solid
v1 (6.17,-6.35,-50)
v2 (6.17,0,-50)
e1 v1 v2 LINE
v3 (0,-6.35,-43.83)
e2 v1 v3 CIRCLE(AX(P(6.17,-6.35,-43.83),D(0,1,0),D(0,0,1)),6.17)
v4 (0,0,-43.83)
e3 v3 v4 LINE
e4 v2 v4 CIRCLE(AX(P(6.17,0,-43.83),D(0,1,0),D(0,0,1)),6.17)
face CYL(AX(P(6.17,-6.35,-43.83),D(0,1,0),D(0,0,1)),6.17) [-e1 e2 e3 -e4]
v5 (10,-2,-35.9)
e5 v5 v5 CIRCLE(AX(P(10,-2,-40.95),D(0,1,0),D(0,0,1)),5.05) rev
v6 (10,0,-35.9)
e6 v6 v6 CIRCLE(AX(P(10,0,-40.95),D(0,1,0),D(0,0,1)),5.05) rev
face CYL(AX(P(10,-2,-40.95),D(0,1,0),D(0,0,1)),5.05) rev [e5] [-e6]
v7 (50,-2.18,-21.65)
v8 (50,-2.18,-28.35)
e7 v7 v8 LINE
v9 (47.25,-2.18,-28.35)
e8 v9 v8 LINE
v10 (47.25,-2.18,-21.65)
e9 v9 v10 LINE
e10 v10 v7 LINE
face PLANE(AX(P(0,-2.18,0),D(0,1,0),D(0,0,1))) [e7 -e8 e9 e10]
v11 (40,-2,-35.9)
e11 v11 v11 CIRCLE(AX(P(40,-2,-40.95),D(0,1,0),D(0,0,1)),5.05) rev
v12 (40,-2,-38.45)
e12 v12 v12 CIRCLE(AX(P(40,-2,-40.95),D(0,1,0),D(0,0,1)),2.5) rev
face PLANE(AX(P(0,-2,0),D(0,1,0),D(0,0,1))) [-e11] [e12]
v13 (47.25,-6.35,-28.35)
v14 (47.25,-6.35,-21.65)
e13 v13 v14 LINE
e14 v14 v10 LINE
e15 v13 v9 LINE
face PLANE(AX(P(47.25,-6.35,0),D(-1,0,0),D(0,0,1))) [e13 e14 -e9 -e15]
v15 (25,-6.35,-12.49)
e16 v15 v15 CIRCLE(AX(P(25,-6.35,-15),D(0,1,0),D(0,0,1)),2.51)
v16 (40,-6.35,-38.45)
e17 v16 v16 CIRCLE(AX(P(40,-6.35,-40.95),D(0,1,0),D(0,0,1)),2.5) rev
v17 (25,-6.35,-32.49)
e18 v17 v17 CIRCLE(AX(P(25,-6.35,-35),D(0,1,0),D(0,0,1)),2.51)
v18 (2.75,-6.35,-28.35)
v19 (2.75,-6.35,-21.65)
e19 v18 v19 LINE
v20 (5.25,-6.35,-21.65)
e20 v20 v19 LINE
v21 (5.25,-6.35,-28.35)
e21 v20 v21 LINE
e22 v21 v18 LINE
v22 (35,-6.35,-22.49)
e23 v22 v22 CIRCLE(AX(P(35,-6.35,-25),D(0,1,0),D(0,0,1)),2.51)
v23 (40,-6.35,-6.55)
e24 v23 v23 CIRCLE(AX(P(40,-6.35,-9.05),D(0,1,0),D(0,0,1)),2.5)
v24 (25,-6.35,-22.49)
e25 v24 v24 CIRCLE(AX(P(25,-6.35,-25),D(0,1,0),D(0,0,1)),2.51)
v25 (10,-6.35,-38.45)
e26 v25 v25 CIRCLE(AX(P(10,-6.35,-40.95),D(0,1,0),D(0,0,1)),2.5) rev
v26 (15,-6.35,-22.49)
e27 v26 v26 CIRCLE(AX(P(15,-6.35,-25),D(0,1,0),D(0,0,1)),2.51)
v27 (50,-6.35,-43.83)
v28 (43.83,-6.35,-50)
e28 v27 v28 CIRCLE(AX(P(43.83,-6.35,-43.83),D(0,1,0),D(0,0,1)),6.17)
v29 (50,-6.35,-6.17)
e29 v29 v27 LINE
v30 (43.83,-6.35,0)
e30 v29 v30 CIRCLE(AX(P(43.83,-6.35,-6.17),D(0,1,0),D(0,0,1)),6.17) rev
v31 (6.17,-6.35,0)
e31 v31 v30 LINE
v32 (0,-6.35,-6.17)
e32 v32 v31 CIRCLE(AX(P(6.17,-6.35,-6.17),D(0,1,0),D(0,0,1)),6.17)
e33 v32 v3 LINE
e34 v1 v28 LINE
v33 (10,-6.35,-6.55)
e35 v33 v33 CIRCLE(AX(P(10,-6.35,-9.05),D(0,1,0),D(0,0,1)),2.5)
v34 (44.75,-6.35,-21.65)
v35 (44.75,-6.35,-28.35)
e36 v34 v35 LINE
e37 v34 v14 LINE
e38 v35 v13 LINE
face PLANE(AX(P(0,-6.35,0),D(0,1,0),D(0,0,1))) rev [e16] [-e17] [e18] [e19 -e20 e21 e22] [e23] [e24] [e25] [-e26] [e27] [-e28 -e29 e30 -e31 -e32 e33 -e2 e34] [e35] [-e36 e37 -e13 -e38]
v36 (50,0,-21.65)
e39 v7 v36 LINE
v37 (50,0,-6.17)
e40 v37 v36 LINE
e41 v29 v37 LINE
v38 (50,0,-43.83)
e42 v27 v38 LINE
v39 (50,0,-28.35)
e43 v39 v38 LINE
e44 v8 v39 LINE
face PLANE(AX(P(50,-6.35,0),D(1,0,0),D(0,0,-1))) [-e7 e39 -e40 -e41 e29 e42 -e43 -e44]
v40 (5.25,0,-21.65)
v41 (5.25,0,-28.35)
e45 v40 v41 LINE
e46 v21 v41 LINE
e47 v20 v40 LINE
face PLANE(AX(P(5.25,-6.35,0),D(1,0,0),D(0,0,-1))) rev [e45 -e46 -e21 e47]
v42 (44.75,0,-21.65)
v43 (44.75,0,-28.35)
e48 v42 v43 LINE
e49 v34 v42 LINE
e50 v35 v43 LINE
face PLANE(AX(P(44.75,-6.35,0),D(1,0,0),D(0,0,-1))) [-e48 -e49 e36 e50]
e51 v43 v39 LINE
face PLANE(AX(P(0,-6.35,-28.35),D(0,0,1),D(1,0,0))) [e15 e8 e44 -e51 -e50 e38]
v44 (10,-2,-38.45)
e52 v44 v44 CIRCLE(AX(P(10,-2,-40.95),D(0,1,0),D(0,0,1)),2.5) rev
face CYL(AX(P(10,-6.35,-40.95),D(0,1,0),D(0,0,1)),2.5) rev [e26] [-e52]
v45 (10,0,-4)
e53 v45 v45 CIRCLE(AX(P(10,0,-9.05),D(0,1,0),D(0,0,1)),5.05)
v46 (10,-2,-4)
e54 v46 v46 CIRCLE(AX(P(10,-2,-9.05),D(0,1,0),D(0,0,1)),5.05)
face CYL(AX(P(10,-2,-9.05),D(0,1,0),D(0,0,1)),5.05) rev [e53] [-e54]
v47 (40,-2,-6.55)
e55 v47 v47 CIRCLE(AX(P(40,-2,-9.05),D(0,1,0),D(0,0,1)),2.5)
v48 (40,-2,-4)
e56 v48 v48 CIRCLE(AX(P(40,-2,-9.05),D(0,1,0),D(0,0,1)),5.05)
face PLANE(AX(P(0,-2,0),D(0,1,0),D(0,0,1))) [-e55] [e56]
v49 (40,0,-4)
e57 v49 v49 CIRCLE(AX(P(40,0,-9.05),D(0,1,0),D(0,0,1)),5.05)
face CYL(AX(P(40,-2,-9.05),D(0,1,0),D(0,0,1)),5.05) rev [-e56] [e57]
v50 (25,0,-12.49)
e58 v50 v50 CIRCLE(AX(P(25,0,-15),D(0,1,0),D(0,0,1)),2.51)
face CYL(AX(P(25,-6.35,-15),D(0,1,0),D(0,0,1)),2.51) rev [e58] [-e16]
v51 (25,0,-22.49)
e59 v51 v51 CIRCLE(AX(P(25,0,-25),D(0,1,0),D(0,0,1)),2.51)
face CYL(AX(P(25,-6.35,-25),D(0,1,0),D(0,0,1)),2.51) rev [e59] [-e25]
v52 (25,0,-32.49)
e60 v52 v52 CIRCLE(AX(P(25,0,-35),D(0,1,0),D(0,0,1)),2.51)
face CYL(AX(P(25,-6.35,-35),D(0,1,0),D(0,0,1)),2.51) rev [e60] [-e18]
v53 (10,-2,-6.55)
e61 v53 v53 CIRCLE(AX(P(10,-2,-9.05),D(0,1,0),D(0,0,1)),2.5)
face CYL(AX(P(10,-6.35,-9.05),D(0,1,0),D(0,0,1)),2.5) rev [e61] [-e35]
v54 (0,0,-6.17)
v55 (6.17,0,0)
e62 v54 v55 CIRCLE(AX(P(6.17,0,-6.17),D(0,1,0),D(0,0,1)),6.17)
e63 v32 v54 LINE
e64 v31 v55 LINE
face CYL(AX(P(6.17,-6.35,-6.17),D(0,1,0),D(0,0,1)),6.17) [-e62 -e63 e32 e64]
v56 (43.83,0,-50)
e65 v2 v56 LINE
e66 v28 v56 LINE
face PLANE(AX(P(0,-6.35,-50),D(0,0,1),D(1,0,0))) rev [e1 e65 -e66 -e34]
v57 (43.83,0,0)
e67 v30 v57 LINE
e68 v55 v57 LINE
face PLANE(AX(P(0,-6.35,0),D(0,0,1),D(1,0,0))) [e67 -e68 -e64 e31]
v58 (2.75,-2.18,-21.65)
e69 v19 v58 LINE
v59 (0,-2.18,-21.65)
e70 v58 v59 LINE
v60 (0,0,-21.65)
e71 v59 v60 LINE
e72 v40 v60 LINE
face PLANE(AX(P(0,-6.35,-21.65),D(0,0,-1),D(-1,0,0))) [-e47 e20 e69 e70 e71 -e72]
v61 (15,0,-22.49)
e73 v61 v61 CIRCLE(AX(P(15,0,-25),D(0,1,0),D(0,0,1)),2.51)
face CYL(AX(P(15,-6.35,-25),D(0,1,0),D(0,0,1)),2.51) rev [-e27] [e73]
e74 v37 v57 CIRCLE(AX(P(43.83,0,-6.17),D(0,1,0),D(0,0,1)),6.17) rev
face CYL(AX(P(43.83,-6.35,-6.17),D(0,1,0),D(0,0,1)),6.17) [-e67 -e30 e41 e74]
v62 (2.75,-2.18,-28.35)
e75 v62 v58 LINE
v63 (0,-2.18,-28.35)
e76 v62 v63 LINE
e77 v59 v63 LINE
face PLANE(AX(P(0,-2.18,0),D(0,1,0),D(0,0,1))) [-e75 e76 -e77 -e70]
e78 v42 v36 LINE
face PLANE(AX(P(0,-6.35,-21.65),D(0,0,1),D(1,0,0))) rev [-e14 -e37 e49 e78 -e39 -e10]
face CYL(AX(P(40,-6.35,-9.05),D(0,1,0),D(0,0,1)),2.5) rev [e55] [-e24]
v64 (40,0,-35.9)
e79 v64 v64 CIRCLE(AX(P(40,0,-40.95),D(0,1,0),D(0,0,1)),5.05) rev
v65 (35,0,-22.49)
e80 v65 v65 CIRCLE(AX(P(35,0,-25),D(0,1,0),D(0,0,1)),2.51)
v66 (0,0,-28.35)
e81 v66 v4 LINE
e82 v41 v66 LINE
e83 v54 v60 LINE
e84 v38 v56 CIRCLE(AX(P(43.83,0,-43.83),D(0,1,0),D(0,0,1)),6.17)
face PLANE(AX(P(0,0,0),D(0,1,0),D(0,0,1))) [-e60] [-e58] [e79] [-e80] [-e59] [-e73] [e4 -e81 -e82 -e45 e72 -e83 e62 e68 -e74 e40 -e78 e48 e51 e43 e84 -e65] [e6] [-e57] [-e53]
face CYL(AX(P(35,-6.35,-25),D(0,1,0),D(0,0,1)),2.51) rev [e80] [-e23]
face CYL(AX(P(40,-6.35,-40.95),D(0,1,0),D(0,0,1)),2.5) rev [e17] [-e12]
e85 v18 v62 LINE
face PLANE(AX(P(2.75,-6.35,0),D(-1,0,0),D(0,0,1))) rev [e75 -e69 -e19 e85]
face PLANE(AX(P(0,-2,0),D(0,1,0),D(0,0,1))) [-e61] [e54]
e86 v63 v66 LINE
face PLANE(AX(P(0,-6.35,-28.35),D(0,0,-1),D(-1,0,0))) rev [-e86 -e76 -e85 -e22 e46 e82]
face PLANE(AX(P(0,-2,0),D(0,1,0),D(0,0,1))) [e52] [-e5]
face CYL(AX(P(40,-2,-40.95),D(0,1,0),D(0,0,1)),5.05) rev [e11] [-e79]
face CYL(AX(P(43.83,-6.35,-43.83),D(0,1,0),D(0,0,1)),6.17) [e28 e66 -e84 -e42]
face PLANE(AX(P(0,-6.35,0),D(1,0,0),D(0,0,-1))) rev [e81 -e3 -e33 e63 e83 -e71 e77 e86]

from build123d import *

# Parameters (mm, degrees)
SKETCH1_W           = 2.5
SKETCH1_H           = 6.7
SKETCH1_R           = 2.51
SKETCH1_R_2         = 2.5
BOSS_EXTRUDE1_DEPTH = 6.35
SKETCH1_4_W         = 2.75
SKETCH1_4_H         = 6.7
CUT_EXTRUDE1_DEPTH  = 2.18
SKETCH1_5_R         = 5.05
SKETCH1_5_R_2       = 2.5
CUT_EXTRUDE2_DEPTH  = 2


with BuildPart() as part:
    # Sketch1 → Boss-Extrude1 (new body)
    with BuildSketch(Plane(origin=(0, 0, 0), x_dir=(1, 0, 0), z_dir=(0, 1, 0))):
        with BuildLine():
            ThreePointArc((0, 6.17), (1.80715116, 1.80715116), (6.17, 0))
            Line((6.17, 0), (43.83, 0))
            ThreePointArc((43.83, 0), (48.19284884, 1.80715116), (50, 6.17))
            Line((50, 6.17), (50, 43.83))
            ThreePointArc((50, 43.83), (48.19284884, 48.19284884), (43.83, 50))
            Line((43.83, 50), (6.17, 50))
            ThreePointArc((6.17, 50), (1.80715116, 48.19284884), (0, 43.83))
            Line((0, 43.83), (0, 6.17))
        make_face()
        with Locations((4, 25)):
            Rectangle(SKETCH1_W, SKETCH1_H, mode=Mode.SUBTRACT)
        with Locations((46, 25)):
            Rectangle(SKETCH1_W, SKETCH1_H, mode=Mode.SUBTRACT)
        with Locations((25, 15)):
            Circle(SKETCH1_R, mode=Mode.SUBTRACT)
        with Locations((15, 25)):
            Circle(SKETCH1_R, mode=Mode.SUBTRACT)
        with Locations((25, 25)):
            Circle(SKETCH1_R, mode=Mode.SUBTRACT)
        with Locations((35, 25)):
            Circle(SKETCH1_R, mode=Mode.SUBTRACT)
        with Locations((25, 35)):
            Circle(SKETCH1_R, mode=Mode.SUBTRACT)
        with Locations((10, 9.05)):
            Circle(SKETCH1_R_2, mode=Mode.SUBTRACT)
        with Locations((40, 9.05)):
            Circle(SKETCH1_R_2, mode=Mode.SUBTRACT)
        with Locations((10, 40.95)):
            Circle(SKETCH1_R_2, mode=Mode.SUBTRACT)
        with Locations((40, 40.95)):
            Circle(SKETCH1_R_2, mode=Mode.SUBTRACT)
    extrude(amount=-BOSS_EXTRUDE1_DEPTH)

    # Sketch1<4> → Cut-Extrude1 (cut)
    with BuildSketch(Plane(origin=(0, 0, 0), x_dir=(1, 0, 0), z_dir=(0, 1, 0))):
        with Locations((1.375, 25)):
            Rectangle(SKETCH1_4_W, SKETCH1_4_H)
        with Locations((48.625, 25)):
            Rectangle(SKETCH1_4_W, SKETCH1_4_H)
    extrude(amount=-CUT_EXTRUDE1_DEPTH, mode=Mode.SUBTRACT)

    # Sketch1<5> → Cut-Extrude2 (cut)
    # profile 1 of 4: a face of its own
    with BuildSketch(Plane(origin=(0, 0, 0), x_dir=(1, 0, 0), z_dir=(0, 1, 0))):
        with Locations((10, 9.05)):
            Circle(SKETCH1_5_R)
        with Locations((10, 9.05)):
            Circle(SKETCH1_5_R_2, mode=Mode.SUBTRACT)
    # profile 2 of 4: a face of its own
    with BuildSketch(Plane(origin=(0, 0, 0), x_dir=(1, 0, 0), z_dir=(0, 1, 0))):
        with Locations((40, 9.05)):
            Circle(SKETCH1_5_R)
        with Locations((40, 9.05)):
            Circle(SKETCH1_5_R_2, mode=Mode.SUBTRACT)
    # profile 3 of 4: a face of its own
    with BuildSketch(Plane(origin=(0, 0, 0), x_dir=(1, 0, 0), z_dir=(0, 1, 0))):
        with Locations((40, 40.95)):
            Circle(SKETCH1_5_R)
        with Locations((40, 40.95)):
            Circle(SKETCH1_5_R_2, mode=Mode.SUBTRACT)
    # profile 4 of 4: a face of its own
    with BuildSketch(Plane(origin=(0, 0, 0), x_dir=(1, 0, 0), z_dir=(0, 1, 0))):
        with Locations((10, 40.95)):
            Circle(SKETCH1_5_R)
        with Locations((10, 40.95)):
            Circle(SKETCH1_5_R_2, mode=Mode.SUBTRACT)
    extrude(amount=-CUT_EXTRUDE2_DEPTH, mode=Mode.SUBTRACT)


solid = part.part
